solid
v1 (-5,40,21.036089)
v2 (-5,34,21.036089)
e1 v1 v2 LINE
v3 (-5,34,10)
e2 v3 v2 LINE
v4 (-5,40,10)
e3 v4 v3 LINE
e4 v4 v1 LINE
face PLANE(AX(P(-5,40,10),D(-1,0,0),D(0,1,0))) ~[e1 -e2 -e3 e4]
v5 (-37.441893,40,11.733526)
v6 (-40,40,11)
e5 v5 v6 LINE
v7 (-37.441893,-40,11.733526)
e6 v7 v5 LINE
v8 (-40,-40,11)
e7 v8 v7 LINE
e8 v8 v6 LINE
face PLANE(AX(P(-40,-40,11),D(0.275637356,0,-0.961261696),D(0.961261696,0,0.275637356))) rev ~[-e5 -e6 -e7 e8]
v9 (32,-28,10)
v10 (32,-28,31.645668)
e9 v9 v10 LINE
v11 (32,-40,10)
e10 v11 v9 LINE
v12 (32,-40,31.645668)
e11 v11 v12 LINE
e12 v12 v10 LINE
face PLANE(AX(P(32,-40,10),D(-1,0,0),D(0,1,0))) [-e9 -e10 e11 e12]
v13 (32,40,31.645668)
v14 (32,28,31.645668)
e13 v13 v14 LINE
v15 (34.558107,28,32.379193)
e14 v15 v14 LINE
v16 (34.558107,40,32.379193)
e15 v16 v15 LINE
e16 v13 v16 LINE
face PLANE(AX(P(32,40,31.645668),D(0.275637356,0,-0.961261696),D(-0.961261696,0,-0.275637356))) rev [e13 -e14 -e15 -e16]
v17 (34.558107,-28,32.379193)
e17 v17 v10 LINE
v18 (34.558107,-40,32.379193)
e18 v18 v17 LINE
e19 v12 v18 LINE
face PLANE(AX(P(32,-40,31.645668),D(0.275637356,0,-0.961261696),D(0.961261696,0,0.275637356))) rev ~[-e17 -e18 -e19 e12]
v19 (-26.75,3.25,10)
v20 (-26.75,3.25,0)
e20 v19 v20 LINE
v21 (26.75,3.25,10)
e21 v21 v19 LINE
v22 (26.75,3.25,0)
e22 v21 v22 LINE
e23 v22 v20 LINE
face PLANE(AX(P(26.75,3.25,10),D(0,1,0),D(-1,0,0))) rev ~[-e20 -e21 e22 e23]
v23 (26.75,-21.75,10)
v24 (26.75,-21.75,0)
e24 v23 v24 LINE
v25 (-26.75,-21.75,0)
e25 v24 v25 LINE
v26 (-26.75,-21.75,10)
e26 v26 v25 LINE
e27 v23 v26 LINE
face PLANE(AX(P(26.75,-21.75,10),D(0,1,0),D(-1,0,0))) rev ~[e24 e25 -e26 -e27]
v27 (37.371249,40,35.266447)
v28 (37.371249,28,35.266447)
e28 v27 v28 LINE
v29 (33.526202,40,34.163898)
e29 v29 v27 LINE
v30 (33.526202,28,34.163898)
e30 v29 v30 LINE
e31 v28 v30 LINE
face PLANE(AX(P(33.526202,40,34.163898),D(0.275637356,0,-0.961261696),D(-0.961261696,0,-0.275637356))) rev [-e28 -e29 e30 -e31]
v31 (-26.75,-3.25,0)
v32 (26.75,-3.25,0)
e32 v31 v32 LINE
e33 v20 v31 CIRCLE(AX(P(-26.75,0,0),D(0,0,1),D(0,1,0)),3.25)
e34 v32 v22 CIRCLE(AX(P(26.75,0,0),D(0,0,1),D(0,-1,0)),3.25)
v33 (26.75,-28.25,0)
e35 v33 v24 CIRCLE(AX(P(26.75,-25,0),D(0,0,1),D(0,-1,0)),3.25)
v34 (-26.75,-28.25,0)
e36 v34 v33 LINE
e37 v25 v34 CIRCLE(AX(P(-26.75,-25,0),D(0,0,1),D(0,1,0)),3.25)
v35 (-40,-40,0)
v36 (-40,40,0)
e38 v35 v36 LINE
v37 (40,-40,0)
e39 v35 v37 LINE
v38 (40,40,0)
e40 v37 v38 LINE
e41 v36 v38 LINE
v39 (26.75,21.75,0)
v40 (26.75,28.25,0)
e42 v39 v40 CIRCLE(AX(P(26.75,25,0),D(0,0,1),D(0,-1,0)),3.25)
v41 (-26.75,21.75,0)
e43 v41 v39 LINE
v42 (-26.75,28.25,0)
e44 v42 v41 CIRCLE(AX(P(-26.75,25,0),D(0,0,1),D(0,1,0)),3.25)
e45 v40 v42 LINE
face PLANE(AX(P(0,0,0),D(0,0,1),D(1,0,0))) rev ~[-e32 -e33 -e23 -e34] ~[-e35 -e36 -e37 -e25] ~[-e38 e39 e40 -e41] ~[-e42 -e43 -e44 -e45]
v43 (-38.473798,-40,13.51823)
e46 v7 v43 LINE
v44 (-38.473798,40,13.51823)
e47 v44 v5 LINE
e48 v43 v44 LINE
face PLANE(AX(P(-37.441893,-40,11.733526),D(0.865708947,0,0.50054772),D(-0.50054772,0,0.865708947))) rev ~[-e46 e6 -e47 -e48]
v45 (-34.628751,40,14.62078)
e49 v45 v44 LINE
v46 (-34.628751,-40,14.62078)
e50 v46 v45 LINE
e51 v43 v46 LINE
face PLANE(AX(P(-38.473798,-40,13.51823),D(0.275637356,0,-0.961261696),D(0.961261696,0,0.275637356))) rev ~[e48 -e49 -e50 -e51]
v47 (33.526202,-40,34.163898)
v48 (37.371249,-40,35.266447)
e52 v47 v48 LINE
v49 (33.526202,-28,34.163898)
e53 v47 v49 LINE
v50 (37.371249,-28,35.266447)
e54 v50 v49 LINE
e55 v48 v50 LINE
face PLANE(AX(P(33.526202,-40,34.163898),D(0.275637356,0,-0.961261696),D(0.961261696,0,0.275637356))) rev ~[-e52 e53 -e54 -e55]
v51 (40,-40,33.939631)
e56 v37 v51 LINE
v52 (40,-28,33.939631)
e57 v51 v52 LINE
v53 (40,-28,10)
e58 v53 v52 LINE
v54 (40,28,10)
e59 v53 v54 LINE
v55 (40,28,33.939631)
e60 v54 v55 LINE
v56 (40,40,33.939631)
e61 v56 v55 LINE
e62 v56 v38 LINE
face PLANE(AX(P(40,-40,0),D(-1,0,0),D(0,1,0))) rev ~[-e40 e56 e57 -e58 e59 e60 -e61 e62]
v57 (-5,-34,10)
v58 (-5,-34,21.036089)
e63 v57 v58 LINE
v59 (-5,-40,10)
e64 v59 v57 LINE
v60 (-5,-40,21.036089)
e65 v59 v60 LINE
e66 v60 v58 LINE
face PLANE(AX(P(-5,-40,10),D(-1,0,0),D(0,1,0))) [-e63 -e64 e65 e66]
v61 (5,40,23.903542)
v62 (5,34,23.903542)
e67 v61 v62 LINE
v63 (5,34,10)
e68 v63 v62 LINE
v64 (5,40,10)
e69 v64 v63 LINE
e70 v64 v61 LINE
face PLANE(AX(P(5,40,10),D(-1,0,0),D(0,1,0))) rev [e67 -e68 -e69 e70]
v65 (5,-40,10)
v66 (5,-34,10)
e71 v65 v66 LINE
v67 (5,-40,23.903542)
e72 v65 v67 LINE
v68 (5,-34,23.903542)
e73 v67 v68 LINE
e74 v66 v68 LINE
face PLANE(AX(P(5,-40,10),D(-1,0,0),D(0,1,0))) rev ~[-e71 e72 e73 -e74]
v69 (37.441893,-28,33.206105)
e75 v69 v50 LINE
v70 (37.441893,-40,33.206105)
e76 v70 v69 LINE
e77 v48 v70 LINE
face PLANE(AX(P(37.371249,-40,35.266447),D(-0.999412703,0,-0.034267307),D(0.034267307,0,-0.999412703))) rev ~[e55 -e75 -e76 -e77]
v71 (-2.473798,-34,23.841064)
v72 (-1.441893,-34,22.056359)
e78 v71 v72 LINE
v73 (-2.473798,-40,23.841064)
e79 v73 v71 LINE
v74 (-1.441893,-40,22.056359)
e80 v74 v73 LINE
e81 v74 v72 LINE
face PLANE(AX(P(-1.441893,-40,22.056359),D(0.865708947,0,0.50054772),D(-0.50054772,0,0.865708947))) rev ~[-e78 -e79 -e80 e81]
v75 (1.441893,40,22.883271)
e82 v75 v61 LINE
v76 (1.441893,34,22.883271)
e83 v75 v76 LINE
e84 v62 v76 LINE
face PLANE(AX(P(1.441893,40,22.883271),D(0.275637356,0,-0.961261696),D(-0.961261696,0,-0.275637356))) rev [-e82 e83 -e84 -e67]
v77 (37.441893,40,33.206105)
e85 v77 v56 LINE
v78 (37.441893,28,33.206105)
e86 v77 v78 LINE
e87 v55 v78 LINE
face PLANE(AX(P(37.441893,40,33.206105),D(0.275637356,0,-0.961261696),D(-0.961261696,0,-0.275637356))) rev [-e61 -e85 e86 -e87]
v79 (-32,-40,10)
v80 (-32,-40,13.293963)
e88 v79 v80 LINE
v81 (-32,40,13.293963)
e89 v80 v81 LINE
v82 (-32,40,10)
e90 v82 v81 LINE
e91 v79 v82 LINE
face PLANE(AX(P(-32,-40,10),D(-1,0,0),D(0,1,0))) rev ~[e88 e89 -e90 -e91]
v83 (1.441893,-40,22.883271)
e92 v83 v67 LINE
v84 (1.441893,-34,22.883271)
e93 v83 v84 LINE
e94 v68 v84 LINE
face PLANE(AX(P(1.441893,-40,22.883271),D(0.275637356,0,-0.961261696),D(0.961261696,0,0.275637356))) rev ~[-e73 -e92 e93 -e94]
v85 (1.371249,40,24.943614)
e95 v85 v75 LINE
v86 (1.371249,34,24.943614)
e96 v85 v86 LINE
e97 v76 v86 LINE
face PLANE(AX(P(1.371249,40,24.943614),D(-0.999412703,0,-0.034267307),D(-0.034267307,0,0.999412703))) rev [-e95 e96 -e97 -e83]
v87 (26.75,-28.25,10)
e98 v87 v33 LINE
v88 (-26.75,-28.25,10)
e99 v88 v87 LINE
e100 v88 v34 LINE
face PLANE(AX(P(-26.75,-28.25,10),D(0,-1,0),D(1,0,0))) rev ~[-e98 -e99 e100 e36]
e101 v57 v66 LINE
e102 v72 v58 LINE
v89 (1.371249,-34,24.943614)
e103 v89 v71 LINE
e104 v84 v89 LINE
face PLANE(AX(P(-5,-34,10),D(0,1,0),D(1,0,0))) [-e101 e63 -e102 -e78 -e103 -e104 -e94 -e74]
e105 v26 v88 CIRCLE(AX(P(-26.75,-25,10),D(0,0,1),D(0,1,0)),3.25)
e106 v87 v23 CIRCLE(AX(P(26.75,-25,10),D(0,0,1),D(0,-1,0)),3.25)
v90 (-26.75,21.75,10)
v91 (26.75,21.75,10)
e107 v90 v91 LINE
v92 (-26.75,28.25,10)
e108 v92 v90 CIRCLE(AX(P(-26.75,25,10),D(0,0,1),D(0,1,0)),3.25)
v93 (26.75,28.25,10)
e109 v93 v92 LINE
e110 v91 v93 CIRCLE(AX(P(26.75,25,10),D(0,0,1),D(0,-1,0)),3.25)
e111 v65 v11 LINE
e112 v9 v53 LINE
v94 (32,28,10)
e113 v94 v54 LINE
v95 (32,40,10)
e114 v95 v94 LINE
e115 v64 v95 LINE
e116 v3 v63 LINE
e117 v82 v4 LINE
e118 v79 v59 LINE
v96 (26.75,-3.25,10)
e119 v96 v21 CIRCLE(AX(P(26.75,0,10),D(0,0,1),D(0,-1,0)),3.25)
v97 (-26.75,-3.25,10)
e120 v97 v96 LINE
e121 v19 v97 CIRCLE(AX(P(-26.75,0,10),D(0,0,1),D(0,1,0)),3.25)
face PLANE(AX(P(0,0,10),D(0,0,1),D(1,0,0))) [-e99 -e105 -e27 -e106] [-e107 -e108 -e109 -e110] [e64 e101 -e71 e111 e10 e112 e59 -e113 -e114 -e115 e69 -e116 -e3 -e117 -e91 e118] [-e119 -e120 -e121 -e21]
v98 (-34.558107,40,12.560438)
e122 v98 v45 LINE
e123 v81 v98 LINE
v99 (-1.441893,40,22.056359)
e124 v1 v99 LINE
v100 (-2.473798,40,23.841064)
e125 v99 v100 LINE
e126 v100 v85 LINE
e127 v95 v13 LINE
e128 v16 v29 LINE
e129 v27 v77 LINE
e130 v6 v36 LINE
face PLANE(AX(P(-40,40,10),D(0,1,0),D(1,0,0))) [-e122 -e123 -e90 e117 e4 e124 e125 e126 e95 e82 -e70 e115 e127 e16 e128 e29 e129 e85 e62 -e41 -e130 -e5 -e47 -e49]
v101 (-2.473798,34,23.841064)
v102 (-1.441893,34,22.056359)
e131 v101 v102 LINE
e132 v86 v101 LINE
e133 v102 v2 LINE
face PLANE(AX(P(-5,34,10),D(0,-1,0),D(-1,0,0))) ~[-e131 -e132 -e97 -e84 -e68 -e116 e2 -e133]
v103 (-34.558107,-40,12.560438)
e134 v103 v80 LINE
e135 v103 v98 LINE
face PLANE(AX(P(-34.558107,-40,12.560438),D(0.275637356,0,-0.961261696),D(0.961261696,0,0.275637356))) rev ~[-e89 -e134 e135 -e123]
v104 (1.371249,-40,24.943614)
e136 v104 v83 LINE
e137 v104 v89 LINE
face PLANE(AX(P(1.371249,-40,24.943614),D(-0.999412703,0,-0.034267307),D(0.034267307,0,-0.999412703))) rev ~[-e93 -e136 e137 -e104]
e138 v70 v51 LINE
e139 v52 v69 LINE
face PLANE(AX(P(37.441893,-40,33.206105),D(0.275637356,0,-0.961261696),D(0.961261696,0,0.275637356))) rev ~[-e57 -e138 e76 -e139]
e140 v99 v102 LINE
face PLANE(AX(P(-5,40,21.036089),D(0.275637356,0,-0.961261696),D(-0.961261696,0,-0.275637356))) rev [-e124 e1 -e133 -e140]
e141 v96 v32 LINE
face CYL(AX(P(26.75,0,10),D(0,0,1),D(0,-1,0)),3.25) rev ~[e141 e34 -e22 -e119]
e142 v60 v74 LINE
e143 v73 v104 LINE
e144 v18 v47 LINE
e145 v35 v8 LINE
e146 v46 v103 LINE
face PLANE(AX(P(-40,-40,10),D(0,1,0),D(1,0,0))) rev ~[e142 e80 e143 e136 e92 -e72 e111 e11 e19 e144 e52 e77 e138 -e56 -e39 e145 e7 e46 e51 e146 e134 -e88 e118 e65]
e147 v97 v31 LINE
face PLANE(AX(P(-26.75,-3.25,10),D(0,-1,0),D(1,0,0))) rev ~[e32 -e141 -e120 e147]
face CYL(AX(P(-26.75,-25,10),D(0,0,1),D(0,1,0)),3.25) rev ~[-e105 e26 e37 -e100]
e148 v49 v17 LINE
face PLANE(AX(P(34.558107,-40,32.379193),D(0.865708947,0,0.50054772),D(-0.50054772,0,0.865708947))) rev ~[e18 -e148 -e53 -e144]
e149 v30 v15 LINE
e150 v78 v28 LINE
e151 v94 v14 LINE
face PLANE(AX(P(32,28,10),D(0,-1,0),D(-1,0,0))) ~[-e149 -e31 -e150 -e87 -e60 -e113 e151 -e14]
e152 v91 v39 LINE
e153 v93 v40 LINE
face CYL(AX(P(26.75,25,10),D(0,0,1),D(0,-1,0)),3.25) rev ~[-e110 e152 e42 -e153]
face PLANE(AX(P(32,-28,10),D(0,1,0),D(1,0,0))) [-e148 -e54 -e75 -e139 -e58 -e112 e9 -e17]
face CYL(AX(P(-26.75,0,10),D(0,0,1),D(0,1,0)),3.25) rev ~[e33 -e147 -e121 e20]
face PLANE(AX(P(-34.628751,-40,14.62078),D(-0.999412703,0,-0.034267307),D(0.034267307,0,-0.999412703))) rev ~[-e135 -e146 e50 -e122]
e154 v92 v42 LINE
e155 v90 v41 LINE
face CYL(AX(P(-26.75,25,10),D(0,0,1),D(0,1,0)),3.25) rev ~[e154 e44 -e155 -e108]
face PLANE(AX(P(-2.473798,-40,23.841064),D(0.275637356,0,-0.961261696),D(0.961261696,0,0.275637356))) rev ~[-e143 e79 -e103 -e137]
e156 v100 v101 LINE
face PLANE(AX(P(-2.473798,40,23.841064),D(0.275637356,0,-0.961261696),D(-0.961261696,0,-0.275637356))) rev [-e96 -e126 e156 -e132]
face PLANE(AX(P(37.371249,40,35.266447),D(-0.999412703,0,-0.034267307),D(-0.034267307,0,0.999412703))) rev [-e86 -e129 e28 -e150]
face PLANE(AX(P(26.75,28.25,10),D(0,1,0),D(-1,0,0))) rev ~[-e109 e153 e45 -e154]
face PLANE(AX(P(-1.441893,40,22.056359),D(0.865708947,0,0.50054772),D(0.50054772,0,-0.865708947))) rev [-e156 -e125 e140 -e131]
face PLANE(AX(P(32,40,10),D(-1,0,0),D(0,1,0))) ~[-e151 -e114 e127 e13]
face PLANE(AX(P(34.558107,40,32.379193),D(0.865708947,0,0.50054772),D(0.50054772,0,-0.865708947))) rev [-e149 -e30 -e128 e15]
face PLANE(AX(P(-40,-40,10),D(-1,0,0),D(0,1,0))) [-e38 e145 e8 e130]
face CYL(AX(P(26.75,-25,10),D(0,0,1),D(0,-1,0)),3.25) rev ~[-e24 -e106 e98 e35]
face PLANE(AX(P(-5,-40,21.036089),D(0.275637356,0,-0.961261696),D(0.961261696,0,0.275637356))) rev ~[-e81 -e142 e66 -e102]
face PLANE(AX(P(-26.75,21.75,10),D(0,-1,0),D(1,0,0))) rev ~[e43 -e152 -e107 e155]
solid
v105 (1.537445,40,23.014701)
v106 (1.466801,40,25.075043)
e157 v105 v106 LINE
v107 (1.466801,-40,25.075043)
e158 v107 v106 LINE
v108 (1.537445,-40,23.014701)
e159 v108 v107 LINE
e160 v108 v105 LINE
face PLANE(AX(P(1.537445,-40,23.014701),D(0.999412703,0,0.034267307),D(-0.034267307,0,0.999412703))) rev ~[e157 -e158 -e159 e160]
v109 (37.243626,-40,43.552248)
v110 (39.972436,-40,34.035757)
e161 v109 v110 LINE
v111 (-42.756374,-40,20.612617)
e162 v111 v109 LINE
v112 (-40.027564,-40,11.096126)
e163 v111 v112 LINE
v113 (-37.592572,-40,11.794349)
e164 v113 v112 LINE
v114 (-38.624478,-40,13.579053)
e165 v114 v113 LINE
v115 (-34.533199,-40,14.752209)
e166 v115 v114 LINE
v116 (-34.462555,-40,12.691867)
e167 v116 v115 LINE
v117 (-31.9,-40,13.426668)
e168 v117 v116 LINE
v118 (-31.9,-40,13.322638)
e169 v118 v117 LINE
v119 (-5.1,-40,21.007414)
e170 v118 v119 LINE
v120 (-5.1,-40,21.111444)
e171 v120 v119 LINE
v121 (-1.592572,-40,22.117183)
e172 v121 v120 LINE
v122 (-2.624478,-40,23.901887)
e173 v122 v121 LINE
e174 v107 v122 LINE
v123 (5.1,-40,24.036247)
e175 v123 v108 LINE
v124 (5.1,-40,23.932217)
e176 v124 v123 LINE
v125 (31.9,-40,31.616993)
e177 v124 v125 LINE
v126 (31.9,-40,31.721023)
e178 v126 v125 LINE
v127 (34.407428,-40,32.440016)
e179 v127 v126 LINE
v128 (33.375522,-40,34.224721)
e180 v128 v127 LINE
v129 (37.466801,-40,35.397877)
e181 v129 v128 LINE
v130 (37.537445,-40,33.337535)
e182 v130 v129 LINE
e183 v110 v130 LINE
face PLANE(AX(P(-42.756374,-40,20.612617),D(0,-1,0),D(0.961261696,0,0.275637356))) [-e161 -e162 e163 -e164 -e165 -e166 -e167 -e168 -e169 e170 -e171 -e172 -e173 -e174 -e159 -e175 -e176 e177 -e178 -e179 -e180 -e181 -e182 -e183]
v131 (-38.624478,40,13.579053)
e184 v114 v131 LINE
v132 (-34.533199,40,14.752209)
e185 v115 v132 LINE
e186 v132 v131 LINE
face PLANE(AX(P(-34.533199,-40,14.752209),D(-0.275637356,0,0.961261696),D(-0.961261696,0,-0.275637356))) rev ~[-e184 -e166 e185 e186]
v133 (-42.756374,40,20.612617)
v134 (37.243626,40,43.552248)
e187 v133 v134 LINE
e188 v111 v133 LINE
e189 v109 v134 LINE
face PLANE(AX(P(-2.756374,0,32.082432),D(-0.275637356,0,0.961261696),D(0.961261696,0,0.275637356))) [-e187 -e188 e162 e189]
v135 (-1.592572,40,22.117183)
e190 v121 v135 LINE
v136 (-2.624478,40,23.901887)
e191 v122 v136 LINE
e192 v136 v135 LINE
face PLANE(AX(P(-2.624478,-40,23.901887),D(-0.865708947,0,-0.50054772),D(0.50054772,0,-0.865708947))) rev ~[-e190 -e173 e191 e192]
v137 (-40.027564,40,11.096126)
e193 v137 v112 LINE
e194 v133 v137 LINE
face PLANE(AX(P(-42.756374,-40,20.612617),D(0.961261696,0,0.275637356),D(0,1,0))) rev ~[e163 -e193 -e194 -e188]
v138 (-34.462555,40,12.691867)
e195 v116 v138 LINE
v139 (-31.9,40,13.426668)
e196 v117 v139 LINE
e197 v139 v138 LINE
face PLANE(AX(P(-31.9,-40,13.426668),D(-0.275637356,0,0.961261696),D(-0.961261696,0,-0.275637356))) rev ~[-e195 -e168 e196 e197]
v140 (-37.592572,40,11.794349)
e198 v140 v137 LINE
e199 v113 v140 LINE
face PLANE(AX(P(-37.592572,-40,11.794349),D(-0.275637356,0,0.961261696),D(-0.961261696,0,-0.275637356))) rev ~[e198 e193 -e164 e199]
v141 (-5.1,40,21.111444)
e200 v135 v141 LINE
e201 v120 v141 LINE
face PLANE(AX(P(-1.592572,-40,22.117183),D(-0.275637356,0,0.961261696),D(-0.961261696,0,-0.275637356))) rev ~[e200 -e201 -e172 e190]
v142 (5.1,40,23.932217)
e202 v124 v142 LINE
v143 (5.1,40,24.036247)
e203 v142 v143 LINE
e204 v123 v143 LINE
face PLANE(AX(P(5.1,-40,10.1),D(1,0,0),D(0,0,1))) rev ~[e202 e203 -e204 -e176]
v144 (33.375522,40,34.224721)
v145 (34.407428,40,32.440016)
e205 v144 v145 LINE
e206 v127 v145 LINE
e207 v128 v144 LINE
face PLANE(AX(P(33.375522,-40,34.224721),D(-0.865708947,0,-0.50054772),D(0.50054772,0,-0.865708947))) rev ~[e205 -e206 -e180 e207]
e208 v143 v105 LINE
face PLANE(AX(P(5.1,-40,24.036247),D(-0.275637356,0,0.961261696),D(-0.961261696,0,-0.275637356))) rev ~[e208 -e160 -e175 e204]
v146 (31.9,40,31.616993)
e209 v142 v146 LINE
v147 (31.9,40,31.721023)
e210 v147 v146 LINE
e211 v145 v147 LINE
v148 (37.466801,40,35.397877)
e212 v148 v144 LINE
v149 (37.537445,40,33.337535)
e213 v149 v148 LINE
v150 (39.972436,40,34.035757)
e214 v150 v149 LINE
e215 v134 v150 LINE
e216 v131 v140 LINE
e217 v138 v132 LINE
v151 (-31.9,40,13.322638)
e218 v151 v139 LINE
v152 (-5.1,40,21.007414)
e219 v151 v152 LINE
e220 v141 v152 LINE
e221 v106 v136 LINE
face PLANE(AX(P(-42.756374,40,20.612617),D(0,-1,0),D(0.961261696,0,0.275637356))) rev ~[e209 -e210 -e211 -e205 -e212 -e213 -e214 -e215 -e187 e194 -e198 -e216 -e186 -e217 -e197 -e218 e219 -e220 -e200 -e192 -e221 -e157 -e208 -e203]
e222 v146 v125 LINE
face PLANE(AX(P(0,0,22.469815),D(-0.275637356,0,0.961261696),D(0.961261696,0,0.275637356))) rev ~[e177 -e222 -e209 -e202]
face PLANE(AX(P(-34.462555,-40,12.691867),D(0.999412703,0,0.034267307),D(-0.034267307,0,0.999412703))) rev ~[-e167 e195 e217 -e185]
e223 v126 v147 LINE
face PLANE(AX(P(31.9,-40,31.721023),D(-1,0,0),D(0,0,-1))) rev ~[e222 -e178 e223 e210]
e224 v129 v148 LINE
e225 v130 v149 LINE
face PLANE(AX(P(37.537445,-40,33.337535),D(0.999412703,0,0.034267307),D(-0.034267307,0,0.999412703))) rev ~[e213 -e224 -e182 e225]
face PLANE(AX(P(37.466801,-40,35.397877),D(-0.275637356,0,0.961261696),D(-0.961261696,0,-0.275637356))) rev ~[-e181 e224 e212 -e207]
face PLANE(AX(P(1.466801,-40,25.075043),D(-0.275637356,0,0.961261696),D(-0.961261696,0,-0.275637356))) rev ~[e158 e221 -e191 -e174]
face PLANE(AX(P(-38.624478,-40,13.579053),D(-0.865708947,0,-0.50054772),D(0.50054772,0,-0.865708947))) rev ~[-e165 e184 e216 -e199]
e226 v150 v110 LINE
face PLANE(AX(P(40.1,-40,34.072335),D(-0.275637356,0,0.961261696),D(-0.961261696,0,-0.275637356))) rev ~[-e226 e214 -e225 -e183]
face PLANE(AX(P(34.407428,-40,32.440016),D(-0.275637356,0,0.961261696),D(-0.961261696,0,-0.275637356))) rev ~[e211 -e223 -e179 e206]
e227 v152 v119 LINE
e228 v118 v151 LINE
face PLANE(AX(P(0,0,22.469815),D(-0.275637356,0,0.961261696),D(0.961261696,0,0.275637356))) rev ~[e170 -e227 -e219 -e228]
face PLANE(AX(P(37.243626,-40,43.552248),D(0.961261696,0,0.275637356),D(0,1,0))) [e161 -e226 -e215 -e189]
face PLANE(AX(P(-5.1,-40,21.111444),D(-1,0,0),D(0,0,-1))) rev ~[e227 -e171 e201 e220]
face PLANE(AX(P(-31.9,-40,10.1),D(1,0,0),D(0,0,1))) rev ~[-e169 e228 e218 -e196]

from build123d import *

# Parameters (mm, degrees)
F0_W      = 80
F0_H      = 80
F1_DEPTH  = 10
F3_DEPTH  = 10
F4_W      = 8
F4_H      = 80
F4_W_2    = 10
F4_H_2    = 6
F4_H_3    = 12
F5_DEPTH  = 80
F7_DEPTH  = 80.001
F10_W     = 83.2239548689
F10_H     = 80
F11_DEPTH = 10
F13_DEPTH = 80.001


with BuildPart() as f1:
    # F0 (on Top) → F1 (new body)
    with BuildSketch(Plane.XY):
        Rectangle(F0_W, F0_H)
    extrude(amount=F1_DEPTH)

    # F2 (on face) → F3 (cut, through all)
    with BuildSketch(Plane.XY.offset(10)):
        with BuildLine():
            ThreePointArc((-26.75, 28.25), (-30, 25), (-26.75, 21.75))
            Line((-26.75, 21.75), (26.75, 21.75))
            ThreePointArc((26.75, 21.75), (30, 25), (26.75, 28.25))
            Line((26.75, 28.25), (-26.75, 28.25))
        make_face()
        with BuildLine():
            Line((26.75, 3.25), (-26.75, 3.25))
            ThreePointArc((-26.75, 3.25), (-30, 0), (-26.75, -3.25))
            Line((-26.75, -3.25), (26.75, -3.25))
            ThreePointArc((26.75, -3.25), (30, 0), (26.75, 3.25))
        make_face()
        with BuildLine():
            Line((26.75, -21.75), (-26.75, -21.75))
            ThreePointArc((-26.75, -21.75), (-30, -25), (-26.75, -28.25))
            Line((-26.75, -28.25), (26.75, -28.25))
            ThreePointArc((26.75, -28.25), (30, -25), (26.75, -21.75))
        make_face()
    extrude(amount=-F3_DEPTH, mode=Mode.SUBTRACT)

    # F4 (on face) → F5 (join)
    with BuildSketch(Plane.XY.offset(10)):
        with Locations((-36, 0)):
            Rectangle(F4_W, F4_H)
        with Locations((0, -37)):
            Rectangle(F4_W_2, F4_H_2)
        with Locations((36, -34)):
            Rectangle(F4_W, F4_H_3)
    extrude(amount=F5_DEPTH)

    # F6 (on face) → F7 (cut, through all)
    with BuildSketch(Plane.XZ.offset(40)):
        Polygon((40, 33.9396308607), (62.9050343134, 40.5075437607), (62.9050343134, 116.6192118451), (-43.2359185175, 116.6192118451), (-43.4874144438, 10), (-40, 11), (-37.4418925439, 11.7335255093), (-38.4737981035, 13.5182302233), (-34.6287513198, 14.6207796465), (-34.5581074561, 12.5604375768), (-32, 13.2939630861), (-5, 21.0360885016), (-1.4418925439, 22.0563593966), (-2.4737981035, 23.8410641106), (1.3712486802, 24.9436135339), (1.4418925439, 22.8832714641), (5, 23.9035423591), (32, 31.6456677746), (34.5581074561, 32.3791932839), (33.5262018965, 34.1638979979), (37.3712486802, 35.2664474212), (37.4418925439, 33.2061053514), align=None)
    extrude(amount=-F7_DEPTH, mode=Mode.SUBTRACT)

    # F8: F1 across plane


with BuildPart() as f1_1:
    add(f1.part)
    add(f1.part.mirror(Plane.XZ))


with BuildPart() as f11:
    # F10 (on offset) → F11 (new body, through all)
    with BuildSketch(Plane(origin=(-8.7099675883, 0, 30.3752667729), x_dir=(0.9612616959, 0, 0.2756373558), z_dir=(-0.2756373558, 0, 0.9612616959))):
        with Locations((6.1935205109, 0)):
            Rectangle(F10_W, F10_H)
    extrude(amount=-F11_DEPTH)

    # F12 (on face) → F13 (cut, through all)
    with BuildSketch(Plane.XZ.offset(40)):
        Polygon((-1.5925724095, 22.117182584), (-5.1, 21.1114439066), (-5.1, 10.1), (-31.9, 10.1), (-31.9, 13.4266675682), (-34.4625550616, 12.6918667286), (-34.5331989253, 14.7522087983), (-38.6244779691, 13.5790534107), (-37.5925724095, 11.7943486967), (-40.1, 11.075355405), (-40.1, -0.1), (40.1, -0.1), (40.1, 34.0723353429), (37.5374449384, 33.3375345032), (37.4668010747, 35.397876573), (33.3755220309, 34.2247211853), (34.4074275905, 32.4400164713), (31.9, 31.7210231796), (31.9, 10.1), (5.1, 10.1), (5.1, 24.0362468413), (1.5374449384, 23.0147006159), (1.4668010747, 25.0750426857), (-2.6244779691, 23.901887298), align=None)
    extrude(amount=-F13_DEPTH, mode=Mode.SUBTRACT)


solid = Compound([f1_1.part, f11.part])
